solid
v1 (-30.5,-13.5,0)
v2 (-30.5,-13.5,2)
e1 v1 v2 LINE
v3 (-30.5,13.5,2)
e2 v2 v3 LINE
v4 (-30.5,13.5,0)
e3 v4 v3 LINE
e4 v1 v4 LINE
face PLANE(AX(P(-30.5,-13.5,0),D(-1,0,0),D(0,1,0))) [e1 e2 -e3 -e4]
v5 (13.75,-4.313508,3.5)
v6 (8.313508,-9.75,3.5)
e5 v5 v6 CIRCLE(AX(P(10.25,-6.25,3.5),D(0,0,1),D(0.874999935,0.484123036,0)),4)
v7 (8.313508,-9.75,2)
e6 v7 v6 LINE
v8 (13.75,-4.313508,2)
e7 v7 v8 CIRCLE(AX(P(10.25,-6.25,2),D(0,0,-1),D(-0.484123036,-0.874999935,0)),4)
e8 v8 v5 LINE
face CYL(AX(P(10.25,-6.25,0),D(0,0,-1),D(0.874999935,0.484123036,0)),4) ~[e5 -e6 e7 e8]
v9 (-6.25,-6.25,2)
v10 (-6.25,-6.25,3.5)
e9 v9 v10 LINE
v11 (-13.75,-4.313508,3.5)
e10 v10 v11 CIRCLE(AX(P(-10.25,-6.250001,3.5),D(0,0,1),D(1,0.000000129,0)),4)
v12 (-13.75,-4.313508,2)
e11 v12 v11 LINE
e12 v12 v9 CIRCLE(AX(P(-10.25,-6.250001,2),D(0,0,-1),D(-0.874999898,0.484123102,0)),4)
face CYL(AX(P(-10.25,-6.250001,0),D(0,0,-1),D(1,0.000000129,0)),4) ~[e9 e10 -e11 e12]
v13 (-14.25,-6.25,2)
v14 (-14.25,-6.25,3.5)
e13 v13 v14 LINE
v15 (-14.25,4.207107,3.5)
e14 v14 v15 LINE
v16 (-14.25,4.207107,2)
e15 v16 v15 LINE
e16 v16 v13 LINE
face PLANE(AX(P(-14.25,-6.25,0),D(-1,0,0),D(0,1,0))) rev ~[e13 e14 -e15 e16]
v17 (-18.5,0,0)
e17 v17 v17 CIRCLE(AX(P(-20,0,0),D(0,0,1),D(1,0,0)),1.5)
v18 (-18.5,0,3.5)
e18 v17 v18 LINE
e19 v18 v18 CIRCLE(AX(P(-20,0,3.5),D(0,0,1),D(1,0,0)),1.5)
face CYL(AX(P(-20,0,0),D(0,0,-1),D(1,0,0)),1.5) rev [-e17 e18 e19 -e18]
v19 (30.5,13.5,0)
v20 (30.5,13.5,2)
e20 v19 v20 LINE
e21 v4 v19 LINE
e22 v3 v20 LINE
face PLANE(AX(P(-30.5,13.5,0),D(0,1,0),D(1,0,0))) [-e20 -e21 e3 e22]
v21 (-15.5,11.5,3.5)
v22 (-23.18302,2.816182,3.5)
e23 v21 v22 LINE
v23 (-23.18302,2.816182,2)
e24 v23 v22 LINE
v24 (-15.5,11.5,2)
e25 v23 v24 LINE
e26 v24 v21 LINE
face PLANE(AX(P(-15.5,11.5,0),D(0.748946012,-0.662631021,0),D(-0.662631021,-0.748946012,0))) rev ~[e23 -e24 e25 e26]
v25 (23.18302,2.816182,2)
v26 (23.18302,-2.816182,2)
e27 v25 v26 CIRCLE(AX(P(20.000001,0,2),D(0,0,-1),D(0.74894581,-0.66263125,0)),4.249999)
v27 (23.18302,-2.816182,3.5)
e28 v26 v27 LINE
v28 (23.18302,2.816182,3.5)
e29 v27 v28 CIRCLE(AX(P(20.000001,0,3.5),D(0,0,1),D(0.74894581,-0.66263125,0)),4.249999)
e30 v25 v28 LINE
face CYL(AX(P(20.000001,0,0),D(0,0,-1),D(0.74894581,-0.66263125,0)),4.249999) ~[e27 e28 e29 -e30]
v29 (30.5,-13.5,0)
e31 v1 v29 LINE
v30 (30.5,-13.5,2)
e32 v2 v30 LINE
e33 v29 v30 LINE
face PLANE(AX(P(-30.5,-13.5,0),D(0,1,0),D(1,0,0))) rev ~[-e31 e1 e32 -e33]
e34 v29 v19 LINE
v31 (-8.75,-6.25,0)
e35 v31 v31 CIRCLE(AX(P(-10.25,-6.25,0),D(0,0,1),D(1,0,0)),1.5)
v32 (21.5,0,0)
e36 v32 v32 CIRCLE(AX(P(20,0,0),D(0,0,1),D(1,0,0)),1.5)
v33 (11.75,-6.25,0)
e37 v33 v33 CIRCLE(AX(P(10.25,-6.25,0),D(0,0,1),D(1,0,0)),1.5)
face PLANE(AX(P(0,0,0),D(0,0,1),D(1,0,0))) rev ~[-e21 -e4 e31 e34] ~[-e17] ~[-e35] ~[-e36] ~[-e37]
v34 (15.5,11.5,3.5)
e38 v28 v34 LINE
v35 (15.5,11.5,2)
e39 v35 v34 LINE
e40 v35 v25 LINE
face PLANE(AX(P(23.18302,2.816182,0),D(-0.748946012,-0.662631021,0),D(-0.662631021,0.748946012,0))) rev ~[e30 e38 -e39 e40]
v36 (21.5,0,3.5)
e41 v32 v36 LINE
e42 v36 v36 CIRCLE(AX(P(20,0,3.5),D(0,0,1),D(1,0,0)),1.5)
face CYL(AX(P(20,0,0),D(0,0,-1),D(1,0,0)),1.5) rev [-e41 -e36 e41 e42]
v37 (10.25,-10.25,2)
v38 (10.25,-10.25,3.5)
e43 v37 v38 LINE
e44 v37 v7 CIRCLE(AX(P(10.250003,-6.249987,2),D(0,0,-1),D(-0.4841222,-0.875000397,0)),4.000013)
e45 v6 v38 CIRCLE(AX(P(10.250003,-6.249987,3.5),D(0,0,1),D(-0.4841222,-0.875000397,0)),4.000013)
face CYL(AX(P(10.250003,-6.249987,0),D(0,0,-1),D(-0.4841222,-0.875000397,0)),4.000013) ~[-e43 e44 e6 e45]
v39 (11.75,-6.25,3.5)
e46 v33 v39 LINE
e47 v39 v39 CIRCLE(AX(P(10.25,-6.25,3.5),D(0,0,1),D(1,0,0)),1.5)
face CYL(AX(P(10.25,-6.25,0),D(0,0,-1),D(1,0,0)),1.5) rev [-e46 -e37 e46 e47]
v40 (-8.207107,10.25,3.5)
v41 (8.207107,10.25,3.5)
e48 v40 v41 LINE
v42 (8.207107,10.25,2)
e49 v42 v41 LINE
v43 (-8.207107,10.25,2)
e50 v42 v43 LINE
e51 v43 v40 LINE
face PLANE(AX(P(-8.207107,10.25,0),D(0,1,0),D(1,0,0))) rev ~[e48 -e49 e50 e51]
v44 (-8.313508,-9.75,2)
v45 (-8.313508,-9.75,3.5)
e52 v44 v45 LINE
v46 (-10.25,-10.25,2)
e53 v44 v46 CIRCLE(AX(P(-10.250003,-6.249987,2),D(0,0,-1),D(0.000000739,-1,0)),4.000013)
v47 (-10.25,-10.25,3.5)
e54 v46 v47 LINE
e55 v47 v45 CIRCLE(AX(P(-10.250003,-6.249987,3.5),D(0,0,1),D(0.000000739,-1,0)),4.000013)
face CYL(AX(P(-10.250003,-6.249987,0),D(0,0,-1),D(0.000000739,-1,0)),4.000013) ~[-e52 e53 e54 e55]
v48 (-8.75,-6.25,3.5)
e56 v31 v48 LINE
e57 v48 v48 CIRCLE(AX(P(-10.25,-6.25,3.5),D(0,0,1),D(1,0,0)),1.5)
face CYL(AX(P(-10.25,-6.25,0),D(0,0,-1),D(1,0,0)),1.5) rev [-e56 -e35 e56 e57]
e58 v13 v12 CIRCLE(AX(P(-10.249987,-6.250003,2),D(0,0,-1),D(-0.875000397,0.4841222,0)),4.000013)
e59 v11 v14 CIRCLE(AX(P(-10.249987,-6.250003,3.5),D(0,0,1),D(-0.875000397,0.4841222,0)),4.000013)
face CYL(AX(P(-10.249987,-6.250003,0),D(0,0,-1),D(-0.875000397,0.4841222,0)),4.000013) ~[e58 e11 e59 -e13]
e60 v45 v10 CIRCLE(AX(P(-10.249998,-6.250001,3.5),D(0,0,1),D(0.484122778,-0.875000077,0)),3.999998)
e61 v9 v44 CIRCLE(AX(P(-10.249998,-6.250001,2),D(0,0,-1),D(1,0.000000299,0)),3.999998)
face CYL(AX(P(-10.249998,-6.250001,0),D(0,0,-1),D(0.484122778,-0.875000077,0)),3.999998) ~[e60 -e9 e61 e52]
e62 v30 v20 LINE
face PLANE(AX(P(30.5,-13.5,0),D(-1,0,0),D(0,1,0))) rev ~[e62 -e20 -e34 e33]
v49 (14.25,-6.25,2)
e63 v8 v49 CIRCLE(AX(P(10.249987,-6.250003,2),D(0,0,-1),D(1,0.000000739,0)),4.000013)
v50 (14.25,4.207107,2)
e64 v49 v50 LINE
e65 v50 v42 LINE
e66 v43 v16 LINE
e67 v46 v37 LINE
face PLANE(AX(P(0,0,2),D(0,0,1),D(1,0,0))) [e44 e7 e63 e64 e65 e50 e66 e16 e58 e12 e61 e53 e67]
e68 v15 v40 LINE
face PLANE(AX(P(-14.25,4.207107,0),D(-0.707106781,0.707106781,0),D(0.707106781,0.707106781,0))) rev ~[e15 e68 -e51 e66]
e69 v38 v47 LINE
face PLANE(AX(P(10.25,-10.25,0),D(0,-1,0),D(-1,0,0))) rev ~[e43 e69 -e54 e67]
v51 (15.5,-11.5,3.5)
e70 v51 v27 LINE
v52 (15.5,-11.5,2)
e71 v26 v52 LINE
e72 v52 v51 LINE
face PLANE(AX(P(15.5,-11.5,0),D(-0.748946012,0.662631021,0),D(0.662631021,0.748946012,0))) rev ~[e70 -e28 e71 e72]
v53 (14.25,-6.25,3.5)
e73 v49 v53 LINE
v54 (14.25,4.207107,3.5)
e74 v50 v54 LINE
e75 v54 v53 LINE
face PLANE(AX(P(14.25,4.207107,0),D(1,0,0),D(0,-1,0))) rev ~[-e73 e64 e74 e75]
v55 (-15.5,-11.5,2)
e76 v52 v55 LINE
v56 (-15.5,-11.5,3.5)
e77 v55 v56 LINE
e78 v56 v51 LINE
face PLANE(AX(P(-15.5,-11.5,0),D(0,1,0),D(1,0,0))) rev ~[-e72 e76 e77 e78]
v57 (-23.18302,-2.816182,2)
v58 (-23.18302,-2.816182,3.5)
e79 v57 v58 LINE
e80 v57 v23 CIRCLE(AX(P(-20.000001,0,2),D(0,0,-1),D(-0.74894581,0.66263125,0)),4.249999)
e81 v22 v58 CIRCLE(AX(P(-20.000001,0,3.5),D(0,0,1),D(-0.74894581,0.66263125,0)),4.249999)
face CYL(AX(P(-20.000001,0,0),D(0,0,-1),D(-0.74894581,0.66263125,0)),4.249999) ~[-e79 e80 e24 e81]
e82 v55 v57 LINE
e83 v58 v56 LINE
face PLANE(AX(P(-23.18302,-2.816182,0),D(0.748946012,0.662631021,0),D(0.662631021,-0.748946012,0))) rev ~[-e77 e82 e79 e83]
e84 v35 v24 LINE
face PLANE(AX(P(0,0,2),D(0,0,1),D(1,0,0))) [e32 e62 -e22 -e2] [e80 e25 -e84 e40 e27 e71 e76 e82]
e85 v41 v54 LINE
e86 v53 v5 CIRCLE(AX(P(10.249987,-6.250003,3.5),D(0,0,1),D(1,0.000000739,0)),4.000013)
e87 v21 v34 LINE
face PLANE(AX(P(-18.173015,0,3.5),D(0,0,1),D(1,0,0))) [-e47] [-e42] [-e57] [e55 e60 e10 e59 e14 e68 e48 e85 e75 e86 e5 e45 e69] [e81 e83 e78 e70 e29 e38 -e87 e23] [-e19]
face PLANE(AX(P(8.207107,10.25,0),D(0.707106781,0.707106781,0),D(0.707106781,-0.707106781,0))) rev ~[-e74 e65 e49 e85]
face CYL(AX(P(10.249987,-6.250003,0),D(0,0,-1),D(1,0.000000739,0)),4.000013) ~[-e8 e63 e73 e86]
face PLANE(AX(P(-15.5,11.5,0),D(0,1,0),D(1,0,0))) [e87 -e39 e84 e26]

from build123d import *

# Parameters (mm, degrees)
F0_W     = 61
F0_H     = 27
F0_R     = 1.5
F0_W_2   = 31
F0_H_2   = 23
F1_DEPTH = 2
F2_DEPTH = 3.5


with BuildPart() as f1:
    # F0 (on Top) → F1 (new body)
    with BuildSketch(Plane.XY):
        Rectangle(F0_W, F0_H)
        with BuildLine():
            Line((23.18302, -2.816182), (15.5, -11.5))
            Line((15.5, -11.5), (-15.5, -11.5))
            Line((-15.5, -11.5), (-23.18302, -2.816182))
            ThreePointArc((-23.18302, -2.816182), (-24.25, 0), (-23.18302, 2.816182))
            Line((-23.18302, 2.816182), (-15.5, 11.5))
            Line((-15.5, 11.5), (15.5, 11.5))
            Line((15.5, 11.5), (23.18302, 2.816182))
            ThreePointArc((23.18302, 2.816182), (24.25, 0), (23.18302, -2.816182))
        make_face(mode=Mode.SUBTRACT)
        with BuildLine():
            Line((-23.18302, -2.816182), (-15.5, -11.5))
            Line((-15.5, -11.5), (-15.5, 11.5))
            Line((-15.5, 11.5), (-23.18302, 2.816182))
            ThreePointArc((-23.18302, 2.816182), (-24.25, 0), (-23.18302, -2.816182))
        make_face()
        with Locations((-20, 0)):
            Circle(F0_R, mode=Mode.SUBTRACT)
        Rectangle(F0_W_2, F0_H_2)
        with BuildLine():
            ThreePointArc((14.25, -6.25), (13.078427, -9.078427), (10.25, -10.25))
            Line((10.25, -10.25), (-10.25, -10.25))
            ThreePointArc((-10.25, -10.25), (-13.078427, -9.078427), (-14.25, -6.25))
            Line((-14.25, -6.25), (-14.25, 4.207107))
            Line((-14.25, 4.207107), (-8.207107, 10.25))
            Line((-8.207107, 10.25), (8.207107, 10.25))
            Line((8.207107, 10.25), (14.25, 4.207107))
            Line((14.25, 4.207107), (14.25, -6.25))
        make_face(mode=Mode.SUBTRACT)
        with BuildLine():
            ThreePointArc((10.25, -10.25), (9.25, -10.122983), (8.313508, -9.75))
            Line((8.313508, -9.75), (-8.313508, -9.75))
            ThreePointArc((-8.313508, -9.75), (-9.25, -10.122983), (-10.25, -10.25))
            Line((-10.25, -10.25), (10.25, -10.25))
        make_face()
        with BuildLine():
            Line((15.5, 11.5), (15.5, -11.5))
            Line((15.5, -11.5), (23.18302, -2.816182))
            ThreePointArc((23.18302, -2.816182), (24.25, 0), (23.18302, 2.816182))
            Line((23.18302, 2.816182), (15.5, 11.5))
        make_face()
        with Locations((20, 0)):
            Circle(F0_R, mode=Mode.SUBTRACT)
        with BuildLine():
            Line((-8.313508, -9.75), (8.313508, -9.75))
            ThreePointArc((8.313508, -9.75), (7.421573, -3.421573), (13.75, -4.313508))
            Line((13.75, -4.313508), (13.75, 4))
            Line((13.75, 4), (8, 9.75))
            Line((8, 9.75), (-8, 9.75))
            Line((-8, 9.75), (-13.75, 4))
            Line((-13.75, 4), (-13.75, -4.313508))
            ThreePointArc((-13.75, -4.313508), (-9.25, -2.377017), (-6.25, -6.25))
            ThreePointArc((-6.25, -6.25), (-6.80428, -8.281506), (-8.313508, -9.75))
        make_face()
        with BuildLine():
            Line((13.75, 4), (13.75, -4.313508))
            ThreePointArc((13.75, -4.313508), (14.122983, -5.25), (14.25, -6.25))
            Line((14.25, -6.25), (14.25, 4.207107))
            Line((14.25, 4.207107), (8.207107, 10.25))
            Line((8.207107, 10.25), (-8.207107, 10.25))
            Line((-8.207107, 10.25), (-14.25, 4.207107))
            Line((-14.25, 4.207107), (-14.25, -6.25))
            ThreePointArc((-14.25, -6.25), (-14.122983, -5.25), (-13.75, -4.313508))
            Line((-13.75, -4.313508), (-13.75, 4))
            Line((-13.75, 4), (-8, 9.75))
            Line((-8, 9.75), (8, 9.75))
            Line((8, 9.75), (13.75, 4))
        make_face()
        with BuildLine():
            ThreePointArc((-10.25, -10.25), (-9.25, -10.122983), (-8.313508, -9.75))
            Line((-8.313508, -9.75), (-10.25, -9.75))
            ThreePointArc((-10.25, -9.75), (-12.724874, -8.724874), (-13.75, -6.25))
            Line((-13.75, -6.25), (-13.75, -4.313508))
            ThreePointArc((-13.75, -4.313508), (-14.122983, -5.25), (-14.25, -6.25))
            ThreePointArc((-14.25, -6.25), (-13.078427, -9.078427), (-10.25, -10.25))
        make_face()
        with BuildLine():
            ThreePointArc((13.75, -6.25), (12.724874, -8.724874), (10.25, -9.75))
            Line((10.25, -9.75), (8.313508, -9.75))
            ThreePointArc((8.313508, -9.75), (9.25, -10.122983), (10.25, -10.25))
            ThreePointArc((10.25, -10.25), (13.078427, -9.078427), (14.25, -6.25))
            ThreePointArc((14.25, -6.25), (14.122983, -5.25), (13.75, -4.313508))
            Line((13.75, -4.313508), (13.75, -6.25))
        make_face()
    extrude(amount=F1_DEPTH)

    # F0 (on Top) → F2 (join)
    with BuildSketch(Plane.XY):
        with BuildLine():
            Line((-23.18302, -2.816182), (-15.5, -11.5))
            Line((-15.5, -11.5), (-15.5, 11.5))
            Line((-15.5, 11.5), (-23.18302, 2.816182))
            ThreePointArc((-23.18302, 2.816182), (-24.25, 0), (-23.18302, -2.816182))
        make_face()
        with Locations((-20, 0)):
            Circle(F0_R, mode=Mode.SUBTRACT)
        Rectangle(F0_W_2, F0_H_2)
        with BuildLine():
            ThreePointArc((14.25, -6.25), (13.078427, -9.078427), (10.25, -10.25))
            Line((10.25, -10.25), (-10.25, -10.25))
            ThreePointArc((-10.25, -10.25), (-13.078427, -9.078427), (-14.25, -6.25))
            Line((-14.25, -6.25), (-14.25, 4.207107))
            Line((-14.25, 4.207107), (-8.207107, 10.25))
            Line((-8.207107, 10.25), (8.207107, 10.25))
            Line((8.207107, 10.25), (14.25, 4.207107))
            Line((14.25, 4.207107), (14.25, -6.25))
        make_face(mode=Mode.SUBTRACT)
        with BuildLine():
            Line((15.5, 11.5), (15.5, -11.5))
            Line((15.5, -11.5), (23.18302, -2.816182))
            ThreePointArc((23.18302, -2.816182), (24.25, 0), (23.18302, 2.816182))
            Line((23.18302, 2.816182), (15.5, 11.5))
        make_face()
        with Locations((20, 0)):
            Circle(F0_R, mode=Mode.SUBTRACT)
        with BuildLine():
            Line((-10.25, -9.75), (-8.313508, -9.75))
            ThreePointArc((-8.313508, -9.75), (-6.80428, -8.281506), (-6.25, -6.25))
            ThreePointArc((-6.25, -6.25), (-9.25, -2.377017), (-13.75, -4.313508))
            Line((-13.75, -4.313508), (-13.75, -6.25))
            ThreePointArc((-13.75, -6.25), (-12.724874, -8.724874), (-10.25, -9.75))
        make_face()
        with Locations((-10.25, -6.25)):
            Circle(F0_R, mode=Mode.SUBTRACT)
        with BuildLine():
            ThreePointArc((-10.25, -10.25), (-9.25, -10.122983), (-8.313508, -9.75))
            Line((-8.313508, -9.75), (-10.25, -9.75))
            ThreePointArc((-10.25, -9.75), (-12.724874, -8.724874), (-13.75, -6.25))
            Line((-13.75, -6.25), (-13.75, -4.313508))
            ThreePointArc((-13.75, -4.313508), (-14.122983, -5.25), (-14.25, -6.25))
            ThreePointArc((-14.25, -6.25), (-13.078427, -9.078427), (-10.25, -10.25))
        make_face()
        with BuildLine():
            Line((8.313508, -9.75), (10.25, -9.75))
            ThreePointArc((10.25, -9.75), (12.724874, -8.724874), (13.75, -6.25))
            Line((13.75, -6.25), (13.75, -4.313508))
            ThreePointArc((13.75, -4.313508), (7.421573, -3.421573), (8.313508, -9.75))
        make_face()
        with Locations((10.25, -6.25)):
            Circle(F0_R, mode=Mode.SUBTRACT)
        with BuildLine():
            ThreePointArc((13.75, -6.25), (12.724874, -8.724874), (10.25, -9.75))
            Line((10.25, -9.75), (8.313508, -9.75))
            ThreePointArc((8.313508, -9.75), (9.25, -10.122983), (10.25, -10.25))
            ThreePointArc((10.25, -10.25), (13.078427, -9.078427), (14.25, -6.25))
            ThreePointArc((14.25, -6.25), (14.122983, -5.25), (13.75, -4.313508))
            Line((13.75, -4.313508), (13.75, -6.25))
        make_face()
    extrude(amount=F2_DEPTH)


solid = f1.part
